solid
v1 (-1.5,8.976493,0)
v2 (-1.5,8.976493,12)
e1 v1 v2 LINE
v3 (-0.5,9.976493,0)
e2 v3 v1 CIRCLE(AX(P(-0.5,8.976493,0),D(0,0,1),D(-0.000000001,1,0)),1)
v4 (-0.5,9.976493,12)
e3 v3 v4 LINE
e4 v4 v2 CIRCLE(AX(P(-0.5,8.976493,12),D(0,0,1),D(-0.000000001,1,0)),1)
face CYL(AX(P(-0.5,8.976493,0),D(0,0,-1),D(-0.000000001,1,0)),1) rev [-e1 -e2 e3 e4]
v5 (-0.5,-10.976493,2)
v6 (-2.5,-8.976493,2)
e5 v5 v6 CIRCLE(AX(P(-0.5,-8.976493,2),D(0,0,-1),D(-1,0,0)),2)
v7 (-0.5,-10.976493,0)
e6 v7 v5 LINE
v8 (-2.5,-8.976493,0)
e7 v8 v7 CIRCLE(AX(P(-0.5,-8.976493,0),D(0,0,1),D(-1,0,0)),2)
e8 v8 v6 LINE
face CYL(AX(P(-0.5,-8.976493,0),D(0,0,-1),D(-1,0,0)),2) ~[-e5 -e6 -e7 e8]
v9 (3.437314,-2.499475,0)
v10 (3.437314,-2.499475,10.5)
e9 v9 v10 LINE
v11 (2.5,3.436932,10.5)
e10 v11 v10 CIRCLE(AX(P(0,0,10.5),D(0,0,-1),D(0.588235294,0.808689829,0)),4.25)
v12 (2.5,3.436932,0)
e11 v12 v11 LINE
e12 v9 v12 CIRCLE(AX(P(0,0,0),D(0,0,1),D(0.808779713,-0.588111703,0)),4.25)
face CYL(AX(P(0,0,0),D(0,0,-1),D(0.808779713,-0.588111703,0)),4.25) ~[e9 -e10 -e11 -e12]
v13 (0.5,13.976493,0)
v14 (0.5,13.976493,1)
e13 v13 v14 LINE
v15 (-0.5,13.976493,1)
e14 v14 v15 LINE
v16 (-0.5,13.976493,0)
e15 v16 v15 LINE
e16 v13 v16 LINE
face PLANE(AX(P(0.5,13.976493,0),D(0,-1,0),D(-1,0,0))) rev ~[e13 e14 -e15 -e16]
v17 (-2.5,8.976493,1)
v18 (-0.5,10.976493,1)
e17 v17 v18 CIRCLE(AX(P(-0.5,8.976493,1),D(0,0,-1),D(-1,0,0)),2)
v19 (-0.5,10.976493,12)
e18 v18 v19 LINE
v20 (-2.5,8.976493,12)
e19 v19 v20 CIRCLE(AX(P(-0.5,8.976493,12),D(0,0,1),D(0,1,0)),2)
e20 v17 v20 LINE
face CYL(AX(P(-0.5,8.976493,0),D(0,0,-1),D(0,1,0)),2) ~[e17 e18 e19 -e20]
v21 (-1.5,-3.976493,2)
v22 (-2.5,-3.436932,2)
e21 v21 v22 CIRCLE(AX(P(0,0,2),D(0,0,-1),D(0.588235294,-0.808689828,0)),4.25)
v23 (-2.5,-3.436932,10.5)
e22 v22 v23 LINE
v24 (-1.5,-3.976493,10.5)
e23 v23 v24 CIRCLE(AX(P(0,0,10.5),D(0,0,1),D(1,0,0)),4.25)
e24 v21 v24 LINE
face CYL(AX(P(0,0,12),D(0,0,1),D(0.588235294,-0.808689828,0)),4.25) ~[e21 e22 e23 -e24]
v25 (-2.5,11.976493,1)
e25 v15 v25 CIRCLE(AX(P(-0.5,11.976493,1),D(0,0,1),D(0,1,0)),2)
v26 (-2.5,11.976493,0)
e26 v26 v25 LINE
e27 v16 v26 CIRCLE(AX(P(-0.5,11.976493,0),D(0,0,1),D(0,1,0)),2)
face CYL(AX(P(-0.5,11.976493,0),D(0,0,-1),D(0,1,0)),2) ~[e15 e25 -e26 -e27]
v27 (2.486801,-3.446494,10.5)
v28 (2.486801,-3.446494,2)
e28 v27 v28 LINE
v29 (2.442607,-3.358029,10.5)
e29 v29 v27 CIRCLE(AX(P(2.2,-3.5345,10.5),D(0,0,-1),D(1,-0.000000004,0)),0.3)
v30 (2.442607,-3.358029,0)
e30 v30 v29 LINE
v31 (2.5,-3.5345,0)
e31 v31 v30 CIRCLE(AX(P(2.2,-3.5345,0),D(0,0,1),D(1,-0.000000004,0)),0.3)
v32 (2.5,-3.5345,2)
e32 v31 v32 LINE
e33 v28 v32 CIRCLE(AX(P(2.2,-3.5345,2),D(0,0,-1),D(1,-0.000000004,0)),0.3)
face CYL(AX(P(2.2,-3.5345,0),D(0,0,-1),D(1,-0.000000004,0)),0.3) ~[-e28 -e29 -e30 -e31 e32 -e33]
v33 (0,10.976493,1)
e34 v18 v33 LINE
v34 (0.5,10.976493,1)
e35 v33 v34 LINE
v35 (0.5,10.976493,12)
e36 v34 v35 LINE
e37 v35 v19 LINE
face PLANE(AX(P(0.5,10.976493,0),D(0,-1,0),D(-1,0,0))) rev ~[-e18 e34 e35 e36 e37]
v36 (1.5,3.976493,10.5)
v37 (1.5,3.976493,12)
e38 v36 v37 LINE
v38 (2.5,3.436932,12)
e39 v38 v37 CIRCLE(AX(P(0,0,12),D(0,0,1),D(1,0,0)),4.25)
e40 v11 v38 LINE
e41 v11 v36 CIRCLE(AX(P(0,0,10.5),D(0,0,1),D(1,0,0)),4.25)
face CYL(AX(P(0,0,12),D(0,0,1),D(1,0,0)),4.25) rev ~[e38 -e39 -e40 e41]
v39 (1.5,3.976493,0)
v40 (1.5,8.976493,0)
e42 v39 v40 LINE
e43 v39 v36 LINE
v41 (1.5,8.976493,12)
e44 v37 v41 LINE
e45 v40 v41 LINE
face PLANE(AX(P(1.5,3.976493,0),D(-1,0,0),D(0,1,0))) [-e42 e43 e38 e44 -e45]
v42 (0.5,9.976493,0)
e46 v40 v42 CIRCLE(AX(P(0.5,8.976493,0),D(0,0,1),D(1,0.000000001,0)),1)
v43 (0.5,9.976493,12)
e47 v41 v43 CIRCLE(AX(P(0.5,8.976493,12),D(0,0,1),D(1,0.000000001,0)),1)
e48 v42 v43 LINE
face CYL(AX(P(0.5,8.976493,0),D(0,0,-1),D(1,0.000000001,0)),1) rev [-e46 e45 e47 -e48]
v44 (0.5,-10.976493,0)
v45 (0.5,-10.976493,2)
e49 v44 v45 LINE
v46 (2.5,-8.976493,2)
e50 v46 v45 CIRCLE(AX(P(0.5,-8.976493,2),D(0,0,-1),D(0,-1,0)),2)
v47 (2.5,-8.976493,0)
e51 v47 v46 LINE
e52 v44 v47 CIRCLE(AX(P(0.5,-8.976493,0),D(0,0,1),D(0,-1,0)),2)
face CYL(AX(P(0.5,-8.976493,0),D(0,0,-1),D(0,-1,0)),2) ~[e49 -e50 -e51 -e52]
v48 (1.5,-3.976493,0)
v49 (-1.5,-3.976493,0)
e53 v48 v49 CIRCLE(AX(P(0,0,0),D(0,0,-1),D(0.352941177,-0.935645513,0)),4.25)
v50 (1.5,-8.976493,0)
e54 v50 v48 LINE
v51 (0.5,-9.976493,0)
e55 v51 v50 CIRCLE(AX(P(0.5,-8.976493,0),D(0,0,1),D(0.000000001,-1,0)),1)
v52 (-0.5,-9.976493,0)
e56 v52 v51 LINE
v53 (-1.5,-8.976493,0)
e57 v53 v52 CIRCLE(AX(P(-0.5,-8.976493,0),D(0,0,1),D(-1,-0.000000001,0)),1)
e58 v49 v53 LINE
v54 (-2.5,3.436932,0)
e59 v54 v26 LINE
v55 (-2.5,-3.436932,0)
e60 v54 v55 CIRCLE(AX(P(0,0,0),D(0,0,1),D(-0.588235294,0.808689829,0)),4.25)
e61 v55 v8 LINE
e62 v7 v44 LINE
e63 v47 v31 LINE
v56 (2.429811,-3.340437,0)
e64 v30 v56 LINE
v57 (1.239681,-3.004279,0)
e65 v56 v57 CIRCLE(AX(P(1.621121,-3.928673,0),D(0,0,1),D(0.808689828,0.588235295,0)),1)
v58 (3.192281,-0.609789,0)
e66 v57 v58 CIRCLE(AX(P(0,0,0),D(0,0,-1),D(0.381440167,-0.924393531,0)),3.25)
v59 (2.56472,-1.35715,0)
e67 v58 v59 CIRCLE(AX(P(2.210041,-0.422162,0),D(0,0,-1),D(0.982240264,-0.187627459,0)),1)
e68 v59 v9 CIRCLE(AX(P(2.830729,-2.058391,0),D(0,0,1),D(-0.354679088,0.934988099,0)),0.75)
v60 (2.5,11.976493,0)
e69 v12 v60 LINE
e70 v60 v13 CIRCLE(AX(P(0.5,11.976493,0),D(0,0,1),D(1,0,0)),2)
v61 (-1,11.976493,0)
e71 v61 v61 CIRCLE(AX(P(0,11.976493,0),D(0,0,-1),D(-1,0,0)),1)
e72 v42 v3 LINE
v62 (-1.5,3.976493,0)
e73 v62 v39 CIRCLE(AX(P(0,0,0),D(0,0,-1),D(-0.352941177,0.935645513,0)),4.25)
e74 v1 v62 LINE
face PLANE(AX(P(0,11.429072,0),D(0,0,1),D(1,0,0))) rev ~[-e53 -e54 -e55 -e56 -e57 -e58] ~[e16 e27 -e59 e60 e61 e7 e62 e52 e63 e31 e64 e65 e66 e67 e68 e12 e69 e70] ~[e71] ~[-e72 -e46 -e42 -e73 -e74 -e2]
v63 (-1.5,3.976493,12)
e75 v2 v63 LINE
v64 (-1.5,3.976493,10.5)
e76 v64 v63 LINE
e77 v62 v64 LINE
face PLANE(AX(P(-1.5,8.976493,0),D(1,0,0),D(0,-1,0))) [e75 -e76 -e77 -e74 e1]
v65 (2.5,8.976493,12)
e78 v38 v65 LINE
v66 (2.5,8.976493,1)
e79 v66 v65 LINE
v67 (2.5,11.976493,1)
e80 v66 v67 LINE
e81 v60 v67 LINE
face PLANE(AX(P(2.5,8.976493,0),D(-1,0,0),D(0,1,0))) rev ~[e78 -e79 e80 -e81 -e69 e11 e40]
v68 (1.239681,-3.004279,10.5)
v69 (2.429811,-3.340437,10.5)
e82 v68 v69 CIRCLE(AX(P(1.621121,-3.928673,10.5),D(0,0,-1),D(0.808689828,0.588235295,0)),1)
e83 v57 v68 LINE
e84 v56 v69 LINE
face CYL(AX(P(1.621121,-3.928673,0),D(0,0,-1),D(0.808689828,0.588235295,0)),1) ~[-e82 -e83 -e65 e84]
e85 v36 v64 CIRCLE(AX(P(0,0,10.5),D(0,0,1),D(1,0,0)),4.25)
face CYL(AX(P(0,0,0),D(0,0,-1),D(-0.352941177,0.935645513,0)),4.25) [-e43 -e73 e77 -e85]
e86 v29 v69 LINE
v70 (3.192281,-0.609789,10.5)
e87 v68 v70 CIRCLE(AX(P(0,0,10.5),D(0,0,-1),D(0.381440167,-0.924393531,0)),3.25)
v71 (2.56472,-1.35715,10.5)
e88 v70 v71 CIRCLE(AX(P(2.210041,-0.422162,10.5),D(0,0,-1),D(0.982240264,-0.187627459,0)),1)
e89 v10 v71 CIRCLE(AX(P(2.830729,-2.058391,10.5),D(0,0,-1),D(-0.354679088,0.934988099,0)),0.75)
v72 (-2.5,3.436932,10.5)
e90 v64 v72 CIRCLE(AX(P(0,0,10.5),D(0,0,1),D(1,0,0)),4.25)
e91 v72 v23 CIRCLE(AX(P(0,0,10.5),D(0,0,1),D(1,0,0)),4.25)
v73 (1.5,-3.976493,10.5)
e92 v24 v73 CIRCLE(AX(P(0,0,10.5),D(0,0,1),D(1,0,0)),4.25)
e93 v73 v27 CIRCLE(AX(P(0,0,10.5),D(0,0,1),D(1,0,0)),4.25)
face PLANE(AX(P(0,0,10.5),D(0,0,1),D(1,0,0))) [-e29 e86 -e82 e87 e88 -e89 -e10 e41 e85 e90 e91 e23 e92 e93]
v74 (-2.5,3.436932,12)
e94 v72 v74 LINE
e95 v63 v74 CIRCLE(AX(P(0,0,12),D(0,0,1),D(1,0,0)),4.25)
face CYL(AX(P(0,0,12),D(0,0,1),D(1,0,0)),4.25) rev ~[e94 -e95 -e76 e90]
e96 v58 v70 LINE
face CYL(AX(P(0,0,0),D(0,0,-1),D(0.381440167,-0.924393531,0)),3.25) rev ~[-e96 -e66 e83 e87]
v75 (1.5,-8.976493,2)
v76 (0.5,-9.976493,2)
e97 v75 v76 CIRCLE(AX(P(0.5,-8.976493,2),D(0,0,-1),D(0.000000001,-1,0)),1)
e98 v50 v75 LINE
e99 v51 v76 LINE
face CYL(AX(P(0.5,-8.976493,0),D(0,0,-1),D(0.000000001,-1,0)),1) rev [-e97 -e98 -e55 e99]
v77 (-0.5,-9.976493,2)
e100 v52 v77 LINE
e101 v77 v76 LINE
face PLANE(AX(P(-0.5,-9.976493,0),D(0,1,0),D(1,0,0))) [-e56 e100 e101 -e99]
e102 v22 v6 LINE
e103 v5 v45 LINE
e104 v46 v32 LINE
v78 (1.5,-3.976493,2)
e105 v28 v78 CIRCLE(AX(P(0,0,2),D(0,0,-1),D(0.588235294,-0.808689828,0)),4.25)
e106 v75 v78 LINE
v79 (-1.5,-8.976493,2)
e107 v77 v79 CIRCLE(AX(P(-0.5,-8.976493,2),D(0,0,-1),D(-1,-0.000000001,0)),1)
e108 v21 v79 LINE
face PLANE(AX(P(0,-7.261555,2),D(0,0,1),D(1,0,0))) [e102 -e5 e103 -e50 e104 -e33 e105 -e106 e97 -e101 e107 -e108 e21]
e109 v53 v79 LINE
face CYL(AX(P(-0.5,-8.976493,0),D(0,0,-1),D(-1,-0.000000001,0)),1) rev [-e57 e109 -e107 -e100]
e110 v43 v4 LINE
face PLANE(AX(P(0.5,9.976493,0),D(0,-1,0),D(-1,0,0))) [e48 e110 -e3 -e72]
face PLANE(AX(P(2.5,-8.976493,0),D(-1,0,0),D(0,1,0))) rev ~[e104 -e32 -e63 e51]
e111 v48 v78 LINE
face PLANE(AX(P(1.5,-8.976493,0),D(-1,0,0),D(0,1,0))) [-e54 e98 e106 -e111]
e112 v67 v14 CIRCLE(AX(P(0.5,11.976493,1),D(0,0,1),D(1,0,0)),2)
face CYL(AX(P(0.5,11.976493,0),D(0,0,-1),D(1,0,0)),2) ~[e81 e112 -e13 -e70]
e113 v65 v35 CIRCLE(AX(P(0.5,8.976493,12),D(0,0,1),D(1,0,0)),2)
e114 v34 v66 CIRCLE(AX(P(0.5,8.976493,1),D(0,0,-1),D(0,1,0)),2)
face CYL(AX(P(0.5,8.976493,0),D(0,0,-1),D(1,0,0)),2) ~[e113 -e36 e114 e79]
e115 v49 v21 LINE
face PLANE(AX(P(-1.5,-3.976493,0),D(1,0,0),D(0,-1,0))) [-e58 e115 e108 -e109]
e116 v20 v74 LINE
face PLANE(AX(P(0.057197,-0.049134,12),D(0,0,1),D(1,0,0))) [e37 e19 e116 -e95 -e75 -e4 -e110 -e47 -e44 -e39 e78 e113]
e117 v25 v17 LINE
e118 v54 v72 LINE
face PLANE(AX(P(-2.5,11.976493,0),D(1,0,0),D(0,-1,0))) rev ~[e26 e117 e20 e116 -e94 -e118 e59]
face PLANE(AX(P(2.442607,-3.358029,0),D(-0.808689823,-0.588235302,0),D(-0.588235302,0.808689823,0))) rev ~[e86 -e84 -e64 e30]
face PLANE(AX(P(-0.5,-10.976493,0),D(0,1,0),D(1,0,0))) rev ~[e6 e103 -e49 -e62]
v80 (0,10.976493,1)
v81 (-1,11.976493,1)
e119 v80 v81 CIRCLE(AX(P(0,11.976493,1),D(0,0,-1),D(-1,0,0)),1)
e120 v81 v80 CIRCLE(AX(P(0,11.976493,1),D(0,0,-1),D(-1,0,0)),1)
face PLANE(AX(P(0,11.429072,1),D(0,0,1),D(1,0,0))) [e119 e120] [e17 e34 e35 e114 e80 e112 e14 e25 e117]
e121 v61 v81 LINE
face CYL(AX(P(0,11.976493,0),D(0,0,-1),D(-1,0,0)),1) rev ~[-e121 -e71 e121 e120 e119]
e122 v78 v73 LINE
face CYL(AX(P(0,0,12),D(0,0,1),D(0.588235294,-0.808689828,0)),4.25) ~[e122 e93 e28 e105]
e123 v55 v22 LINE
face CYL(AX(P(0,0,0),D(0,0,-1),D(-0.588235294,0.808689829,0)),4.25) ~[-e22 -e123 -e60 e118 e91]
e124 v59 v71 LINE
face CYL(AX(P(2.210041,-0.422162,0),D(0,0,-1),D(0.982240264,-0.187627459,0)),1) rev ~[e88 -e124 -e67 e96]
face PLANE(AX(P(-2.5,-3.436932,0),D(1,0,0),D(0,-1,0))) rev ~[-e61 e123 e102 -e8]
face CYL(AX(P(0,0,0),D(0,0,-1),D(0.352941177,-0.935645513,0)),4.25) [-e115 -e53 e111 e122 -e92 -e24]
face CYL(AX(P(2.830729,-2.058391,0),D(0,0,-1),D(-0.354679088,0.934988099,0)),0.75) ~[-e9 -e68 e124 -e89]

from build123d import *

# Parameters (mm, degrees)
Y_KSEKLIK_EKSTR_ZYON1_DEPTH = 12
KES_EKSTR_ZYON1_DEPTH       = 10
Y_KSEKLIK_EKSTR_ZYON7_DEPTH = 1
IZIM4_R                     = 1
KES_EKSTR_ZYON2_DEPTH       = 11
IZIM6_R                     = 4.25
KES_EKSTR_ZYON3_DEPTH       = 1.5


with BuildPart() as part:
    # Çizim1 → Yükseklik-Ekstrüzyon1 (new body)
    with BuildSketch(Plane.XY):
        with BuildLine():
            ThreePointArc((3.192280857, -0.60978925), (2.975857359, -1.065220637), (2.56471968, -1.357149888))
            ThreePointArc((2.56471968, -1.357149888), (2.234721924, -2.513666231), (3.437313781, -2.499474739))
            ThreePointArc((3.437313781, -2.499474739), (4.19799408, 0.662831579), (2.5, 3.436931771))
            Line((2.5, 3.436931771), (2.5, 8.97649343))
            ThreePointArc((2.5, 8.97649343), (1.914213562, 10.390706993), (0.5, 10.97649343))
            Line((0.5, 10.97649343), (-0.5, 10.97649343))
            ThreePointArc((-0.5, 10.97649343), (-1.914213562, 10.390706993), (-2.5, 8.97649343))
            Line((-2.5, 8.97649343), (-2.5, 3.436931771))
            ThreePointArc((-2.5, 3.436931771), (-4.25, 0), (-2.5, -3.436931771))
            Line((-2.5, -3.436931771), (-2.5, -8.97649343))
            ThreePointArc((-2.5, -8.97649343), (-1.914213562, -10.390706993), (-0.5, -10.97649343))
            Line((-0.5, -10.97649343), (0.5, -10.97649343))
            ThreePointArc((0.5, -10.97649343), (1.914213562, -10.390706993), (2.5, -8.97649343))
            Line((2.5, -8.97649343), (2.5, -3.534499959))
            ThreePointArc((2.5, -3.534499959), (2.485291154, -3.44171549), (2.442606949, -3.35802937))
            Line((2.442606949, -3.35802937), (2.429810536, -3.340437211))
            ThreePointArc((2.429810536, -3.340437211), (1.892940792, -2.966324418), (1.239680541, -3.004278975))
            ThreePointArc((1.239680541, -3.004278975), (-2.518723033, 2.053907077), (3.192280857, -0.60978925))
        make_face()
        with BuildLine():
            Line((1.5, 3.97649343), (1.5, 8.97649343))
            ThreePointArc((1.5, 8.97649343), (1.207106781, 9.683600211), (0.5, 9.97649343))
            Line((0.5, 9.97649343), (-0.5, 9.97649343))
            ThreePointArc((-0.5, 9.97649343), (-1.207106781, 9.683600211), (-1.5, 8.97649343))
            Line((-1.5, 8.97649343), (-1.5, 3.97649343))
            ThreePointArc((-1.5, 3.97649343), (0, 4.25), (1.5, 3.97649343))
        make_face(mode=Mode.SUBTRACT)
        with BuildLine():
            ThreePointArc((0.5, -9.97649343), (1.207106781, -9.683600211), (1.5, -8.97649343))
            Line((1.5, -8.97649343), (1.5, -3.97649343))
            ThreePointArc((1.5, -3.97649343), (0, -4.25), (-1.5, -3.97649343))
            Line((-1.5, -3.97649343), (-1.5, -8.97649343))
            ThreePointArc((-1.5, -8.97649343), (-1.207106781, -9.683600211), (-0.5, -9.97649343))
            Line((-0.5, -9.97649343), (0.5, -9.97649343))
        make_face(mode=Mode.SUBTRACT)
    extrude(amount=Y_KSEKLIK_EKSTR_ZYON1_DEPTH)

    # Çizim2 → Kes-Ekstrüzyon1 (cut)
    with BuildSketch(Plane.XY.offset(12)):
        with BuildLine():
            Line((-2.5, -3.436931771), (-2.5, -10.97649343))
            Line((-2.5, -10.97649343), (2.5, -10.97649343))
            Line((2.5, -10.97649343), (2.5, -3.436931771))
            ThreePointArc((2.5, -3.436931771), (0, -4.25), (-2.5, -3.436931771))
        make_face()
    extrude(amount=-KES_EKSTR_ZYON1_DEPTH, mode=Mode.SUBTRACT)

    # Çizim3 → Yükseklik-Ekstrüzyon7 (add)
    with BuildSketch(Plane(origin=(0, 0, 0), x_dir=(-1, 0, 0), z_dir=(0, 0, -1))):
        with BuildLine():
            ThreePointArc((-2.5, 11.97649343), (-1.914213562, 13.390706993), (-0.5, 13.97649343))
            Line((-0.5, 13.97649343), (0.5, 13.97649343))
            ThreePointArc((0.5, 13.97649343), (1.914213562, 13.390706993), (2.5, 11.97649343))
            Line((2.5, 11.97649343), (2.5, 8.97649343))
            ThreePointArc((2.5, 8.97649343), (1.914213562, 10.390706993), (0.5, 10.97649343))
            Line((0.5, 10.97649343), (-0.5, 10.97649343))
            ThreePointArc((-0.5, 10.97649343), (-1.914213562, 10.390706993), (-2.5, 8.97649343))
            Line((-2.5, 8.97649343), (-2.5, 11.97649343))
        make_face()
    extrude(amount=-Y_KSEKLIK_EKSTR_ZYON7_DEPTH)

    # Çizim4 → Kes-Ekstrüzyon2 (cut)
    with BuildSketch(Plane(origin=(0, 0, 0), x_dir=(-1, 0, 0), z_dir=(0, 0, -1))):
        with Locations((0, 11.97649343)):
            Circle(IZIM4_R)
    extrude(amount=-KES_EKSTR_ZYON2_DEPTH, mode=Mode.SUBTRACT)

    # Çizim6 → Kes-Ekstrüzyon3 (cut)
    with BuildSketch(Plane.XY.offset(12)):
        Circle(IZIM6_R)
    extrude(amount=-KES_EKSTR_ZYON3_DEPTH, mode=Mode.SUBTRACT)


solid = part.part
